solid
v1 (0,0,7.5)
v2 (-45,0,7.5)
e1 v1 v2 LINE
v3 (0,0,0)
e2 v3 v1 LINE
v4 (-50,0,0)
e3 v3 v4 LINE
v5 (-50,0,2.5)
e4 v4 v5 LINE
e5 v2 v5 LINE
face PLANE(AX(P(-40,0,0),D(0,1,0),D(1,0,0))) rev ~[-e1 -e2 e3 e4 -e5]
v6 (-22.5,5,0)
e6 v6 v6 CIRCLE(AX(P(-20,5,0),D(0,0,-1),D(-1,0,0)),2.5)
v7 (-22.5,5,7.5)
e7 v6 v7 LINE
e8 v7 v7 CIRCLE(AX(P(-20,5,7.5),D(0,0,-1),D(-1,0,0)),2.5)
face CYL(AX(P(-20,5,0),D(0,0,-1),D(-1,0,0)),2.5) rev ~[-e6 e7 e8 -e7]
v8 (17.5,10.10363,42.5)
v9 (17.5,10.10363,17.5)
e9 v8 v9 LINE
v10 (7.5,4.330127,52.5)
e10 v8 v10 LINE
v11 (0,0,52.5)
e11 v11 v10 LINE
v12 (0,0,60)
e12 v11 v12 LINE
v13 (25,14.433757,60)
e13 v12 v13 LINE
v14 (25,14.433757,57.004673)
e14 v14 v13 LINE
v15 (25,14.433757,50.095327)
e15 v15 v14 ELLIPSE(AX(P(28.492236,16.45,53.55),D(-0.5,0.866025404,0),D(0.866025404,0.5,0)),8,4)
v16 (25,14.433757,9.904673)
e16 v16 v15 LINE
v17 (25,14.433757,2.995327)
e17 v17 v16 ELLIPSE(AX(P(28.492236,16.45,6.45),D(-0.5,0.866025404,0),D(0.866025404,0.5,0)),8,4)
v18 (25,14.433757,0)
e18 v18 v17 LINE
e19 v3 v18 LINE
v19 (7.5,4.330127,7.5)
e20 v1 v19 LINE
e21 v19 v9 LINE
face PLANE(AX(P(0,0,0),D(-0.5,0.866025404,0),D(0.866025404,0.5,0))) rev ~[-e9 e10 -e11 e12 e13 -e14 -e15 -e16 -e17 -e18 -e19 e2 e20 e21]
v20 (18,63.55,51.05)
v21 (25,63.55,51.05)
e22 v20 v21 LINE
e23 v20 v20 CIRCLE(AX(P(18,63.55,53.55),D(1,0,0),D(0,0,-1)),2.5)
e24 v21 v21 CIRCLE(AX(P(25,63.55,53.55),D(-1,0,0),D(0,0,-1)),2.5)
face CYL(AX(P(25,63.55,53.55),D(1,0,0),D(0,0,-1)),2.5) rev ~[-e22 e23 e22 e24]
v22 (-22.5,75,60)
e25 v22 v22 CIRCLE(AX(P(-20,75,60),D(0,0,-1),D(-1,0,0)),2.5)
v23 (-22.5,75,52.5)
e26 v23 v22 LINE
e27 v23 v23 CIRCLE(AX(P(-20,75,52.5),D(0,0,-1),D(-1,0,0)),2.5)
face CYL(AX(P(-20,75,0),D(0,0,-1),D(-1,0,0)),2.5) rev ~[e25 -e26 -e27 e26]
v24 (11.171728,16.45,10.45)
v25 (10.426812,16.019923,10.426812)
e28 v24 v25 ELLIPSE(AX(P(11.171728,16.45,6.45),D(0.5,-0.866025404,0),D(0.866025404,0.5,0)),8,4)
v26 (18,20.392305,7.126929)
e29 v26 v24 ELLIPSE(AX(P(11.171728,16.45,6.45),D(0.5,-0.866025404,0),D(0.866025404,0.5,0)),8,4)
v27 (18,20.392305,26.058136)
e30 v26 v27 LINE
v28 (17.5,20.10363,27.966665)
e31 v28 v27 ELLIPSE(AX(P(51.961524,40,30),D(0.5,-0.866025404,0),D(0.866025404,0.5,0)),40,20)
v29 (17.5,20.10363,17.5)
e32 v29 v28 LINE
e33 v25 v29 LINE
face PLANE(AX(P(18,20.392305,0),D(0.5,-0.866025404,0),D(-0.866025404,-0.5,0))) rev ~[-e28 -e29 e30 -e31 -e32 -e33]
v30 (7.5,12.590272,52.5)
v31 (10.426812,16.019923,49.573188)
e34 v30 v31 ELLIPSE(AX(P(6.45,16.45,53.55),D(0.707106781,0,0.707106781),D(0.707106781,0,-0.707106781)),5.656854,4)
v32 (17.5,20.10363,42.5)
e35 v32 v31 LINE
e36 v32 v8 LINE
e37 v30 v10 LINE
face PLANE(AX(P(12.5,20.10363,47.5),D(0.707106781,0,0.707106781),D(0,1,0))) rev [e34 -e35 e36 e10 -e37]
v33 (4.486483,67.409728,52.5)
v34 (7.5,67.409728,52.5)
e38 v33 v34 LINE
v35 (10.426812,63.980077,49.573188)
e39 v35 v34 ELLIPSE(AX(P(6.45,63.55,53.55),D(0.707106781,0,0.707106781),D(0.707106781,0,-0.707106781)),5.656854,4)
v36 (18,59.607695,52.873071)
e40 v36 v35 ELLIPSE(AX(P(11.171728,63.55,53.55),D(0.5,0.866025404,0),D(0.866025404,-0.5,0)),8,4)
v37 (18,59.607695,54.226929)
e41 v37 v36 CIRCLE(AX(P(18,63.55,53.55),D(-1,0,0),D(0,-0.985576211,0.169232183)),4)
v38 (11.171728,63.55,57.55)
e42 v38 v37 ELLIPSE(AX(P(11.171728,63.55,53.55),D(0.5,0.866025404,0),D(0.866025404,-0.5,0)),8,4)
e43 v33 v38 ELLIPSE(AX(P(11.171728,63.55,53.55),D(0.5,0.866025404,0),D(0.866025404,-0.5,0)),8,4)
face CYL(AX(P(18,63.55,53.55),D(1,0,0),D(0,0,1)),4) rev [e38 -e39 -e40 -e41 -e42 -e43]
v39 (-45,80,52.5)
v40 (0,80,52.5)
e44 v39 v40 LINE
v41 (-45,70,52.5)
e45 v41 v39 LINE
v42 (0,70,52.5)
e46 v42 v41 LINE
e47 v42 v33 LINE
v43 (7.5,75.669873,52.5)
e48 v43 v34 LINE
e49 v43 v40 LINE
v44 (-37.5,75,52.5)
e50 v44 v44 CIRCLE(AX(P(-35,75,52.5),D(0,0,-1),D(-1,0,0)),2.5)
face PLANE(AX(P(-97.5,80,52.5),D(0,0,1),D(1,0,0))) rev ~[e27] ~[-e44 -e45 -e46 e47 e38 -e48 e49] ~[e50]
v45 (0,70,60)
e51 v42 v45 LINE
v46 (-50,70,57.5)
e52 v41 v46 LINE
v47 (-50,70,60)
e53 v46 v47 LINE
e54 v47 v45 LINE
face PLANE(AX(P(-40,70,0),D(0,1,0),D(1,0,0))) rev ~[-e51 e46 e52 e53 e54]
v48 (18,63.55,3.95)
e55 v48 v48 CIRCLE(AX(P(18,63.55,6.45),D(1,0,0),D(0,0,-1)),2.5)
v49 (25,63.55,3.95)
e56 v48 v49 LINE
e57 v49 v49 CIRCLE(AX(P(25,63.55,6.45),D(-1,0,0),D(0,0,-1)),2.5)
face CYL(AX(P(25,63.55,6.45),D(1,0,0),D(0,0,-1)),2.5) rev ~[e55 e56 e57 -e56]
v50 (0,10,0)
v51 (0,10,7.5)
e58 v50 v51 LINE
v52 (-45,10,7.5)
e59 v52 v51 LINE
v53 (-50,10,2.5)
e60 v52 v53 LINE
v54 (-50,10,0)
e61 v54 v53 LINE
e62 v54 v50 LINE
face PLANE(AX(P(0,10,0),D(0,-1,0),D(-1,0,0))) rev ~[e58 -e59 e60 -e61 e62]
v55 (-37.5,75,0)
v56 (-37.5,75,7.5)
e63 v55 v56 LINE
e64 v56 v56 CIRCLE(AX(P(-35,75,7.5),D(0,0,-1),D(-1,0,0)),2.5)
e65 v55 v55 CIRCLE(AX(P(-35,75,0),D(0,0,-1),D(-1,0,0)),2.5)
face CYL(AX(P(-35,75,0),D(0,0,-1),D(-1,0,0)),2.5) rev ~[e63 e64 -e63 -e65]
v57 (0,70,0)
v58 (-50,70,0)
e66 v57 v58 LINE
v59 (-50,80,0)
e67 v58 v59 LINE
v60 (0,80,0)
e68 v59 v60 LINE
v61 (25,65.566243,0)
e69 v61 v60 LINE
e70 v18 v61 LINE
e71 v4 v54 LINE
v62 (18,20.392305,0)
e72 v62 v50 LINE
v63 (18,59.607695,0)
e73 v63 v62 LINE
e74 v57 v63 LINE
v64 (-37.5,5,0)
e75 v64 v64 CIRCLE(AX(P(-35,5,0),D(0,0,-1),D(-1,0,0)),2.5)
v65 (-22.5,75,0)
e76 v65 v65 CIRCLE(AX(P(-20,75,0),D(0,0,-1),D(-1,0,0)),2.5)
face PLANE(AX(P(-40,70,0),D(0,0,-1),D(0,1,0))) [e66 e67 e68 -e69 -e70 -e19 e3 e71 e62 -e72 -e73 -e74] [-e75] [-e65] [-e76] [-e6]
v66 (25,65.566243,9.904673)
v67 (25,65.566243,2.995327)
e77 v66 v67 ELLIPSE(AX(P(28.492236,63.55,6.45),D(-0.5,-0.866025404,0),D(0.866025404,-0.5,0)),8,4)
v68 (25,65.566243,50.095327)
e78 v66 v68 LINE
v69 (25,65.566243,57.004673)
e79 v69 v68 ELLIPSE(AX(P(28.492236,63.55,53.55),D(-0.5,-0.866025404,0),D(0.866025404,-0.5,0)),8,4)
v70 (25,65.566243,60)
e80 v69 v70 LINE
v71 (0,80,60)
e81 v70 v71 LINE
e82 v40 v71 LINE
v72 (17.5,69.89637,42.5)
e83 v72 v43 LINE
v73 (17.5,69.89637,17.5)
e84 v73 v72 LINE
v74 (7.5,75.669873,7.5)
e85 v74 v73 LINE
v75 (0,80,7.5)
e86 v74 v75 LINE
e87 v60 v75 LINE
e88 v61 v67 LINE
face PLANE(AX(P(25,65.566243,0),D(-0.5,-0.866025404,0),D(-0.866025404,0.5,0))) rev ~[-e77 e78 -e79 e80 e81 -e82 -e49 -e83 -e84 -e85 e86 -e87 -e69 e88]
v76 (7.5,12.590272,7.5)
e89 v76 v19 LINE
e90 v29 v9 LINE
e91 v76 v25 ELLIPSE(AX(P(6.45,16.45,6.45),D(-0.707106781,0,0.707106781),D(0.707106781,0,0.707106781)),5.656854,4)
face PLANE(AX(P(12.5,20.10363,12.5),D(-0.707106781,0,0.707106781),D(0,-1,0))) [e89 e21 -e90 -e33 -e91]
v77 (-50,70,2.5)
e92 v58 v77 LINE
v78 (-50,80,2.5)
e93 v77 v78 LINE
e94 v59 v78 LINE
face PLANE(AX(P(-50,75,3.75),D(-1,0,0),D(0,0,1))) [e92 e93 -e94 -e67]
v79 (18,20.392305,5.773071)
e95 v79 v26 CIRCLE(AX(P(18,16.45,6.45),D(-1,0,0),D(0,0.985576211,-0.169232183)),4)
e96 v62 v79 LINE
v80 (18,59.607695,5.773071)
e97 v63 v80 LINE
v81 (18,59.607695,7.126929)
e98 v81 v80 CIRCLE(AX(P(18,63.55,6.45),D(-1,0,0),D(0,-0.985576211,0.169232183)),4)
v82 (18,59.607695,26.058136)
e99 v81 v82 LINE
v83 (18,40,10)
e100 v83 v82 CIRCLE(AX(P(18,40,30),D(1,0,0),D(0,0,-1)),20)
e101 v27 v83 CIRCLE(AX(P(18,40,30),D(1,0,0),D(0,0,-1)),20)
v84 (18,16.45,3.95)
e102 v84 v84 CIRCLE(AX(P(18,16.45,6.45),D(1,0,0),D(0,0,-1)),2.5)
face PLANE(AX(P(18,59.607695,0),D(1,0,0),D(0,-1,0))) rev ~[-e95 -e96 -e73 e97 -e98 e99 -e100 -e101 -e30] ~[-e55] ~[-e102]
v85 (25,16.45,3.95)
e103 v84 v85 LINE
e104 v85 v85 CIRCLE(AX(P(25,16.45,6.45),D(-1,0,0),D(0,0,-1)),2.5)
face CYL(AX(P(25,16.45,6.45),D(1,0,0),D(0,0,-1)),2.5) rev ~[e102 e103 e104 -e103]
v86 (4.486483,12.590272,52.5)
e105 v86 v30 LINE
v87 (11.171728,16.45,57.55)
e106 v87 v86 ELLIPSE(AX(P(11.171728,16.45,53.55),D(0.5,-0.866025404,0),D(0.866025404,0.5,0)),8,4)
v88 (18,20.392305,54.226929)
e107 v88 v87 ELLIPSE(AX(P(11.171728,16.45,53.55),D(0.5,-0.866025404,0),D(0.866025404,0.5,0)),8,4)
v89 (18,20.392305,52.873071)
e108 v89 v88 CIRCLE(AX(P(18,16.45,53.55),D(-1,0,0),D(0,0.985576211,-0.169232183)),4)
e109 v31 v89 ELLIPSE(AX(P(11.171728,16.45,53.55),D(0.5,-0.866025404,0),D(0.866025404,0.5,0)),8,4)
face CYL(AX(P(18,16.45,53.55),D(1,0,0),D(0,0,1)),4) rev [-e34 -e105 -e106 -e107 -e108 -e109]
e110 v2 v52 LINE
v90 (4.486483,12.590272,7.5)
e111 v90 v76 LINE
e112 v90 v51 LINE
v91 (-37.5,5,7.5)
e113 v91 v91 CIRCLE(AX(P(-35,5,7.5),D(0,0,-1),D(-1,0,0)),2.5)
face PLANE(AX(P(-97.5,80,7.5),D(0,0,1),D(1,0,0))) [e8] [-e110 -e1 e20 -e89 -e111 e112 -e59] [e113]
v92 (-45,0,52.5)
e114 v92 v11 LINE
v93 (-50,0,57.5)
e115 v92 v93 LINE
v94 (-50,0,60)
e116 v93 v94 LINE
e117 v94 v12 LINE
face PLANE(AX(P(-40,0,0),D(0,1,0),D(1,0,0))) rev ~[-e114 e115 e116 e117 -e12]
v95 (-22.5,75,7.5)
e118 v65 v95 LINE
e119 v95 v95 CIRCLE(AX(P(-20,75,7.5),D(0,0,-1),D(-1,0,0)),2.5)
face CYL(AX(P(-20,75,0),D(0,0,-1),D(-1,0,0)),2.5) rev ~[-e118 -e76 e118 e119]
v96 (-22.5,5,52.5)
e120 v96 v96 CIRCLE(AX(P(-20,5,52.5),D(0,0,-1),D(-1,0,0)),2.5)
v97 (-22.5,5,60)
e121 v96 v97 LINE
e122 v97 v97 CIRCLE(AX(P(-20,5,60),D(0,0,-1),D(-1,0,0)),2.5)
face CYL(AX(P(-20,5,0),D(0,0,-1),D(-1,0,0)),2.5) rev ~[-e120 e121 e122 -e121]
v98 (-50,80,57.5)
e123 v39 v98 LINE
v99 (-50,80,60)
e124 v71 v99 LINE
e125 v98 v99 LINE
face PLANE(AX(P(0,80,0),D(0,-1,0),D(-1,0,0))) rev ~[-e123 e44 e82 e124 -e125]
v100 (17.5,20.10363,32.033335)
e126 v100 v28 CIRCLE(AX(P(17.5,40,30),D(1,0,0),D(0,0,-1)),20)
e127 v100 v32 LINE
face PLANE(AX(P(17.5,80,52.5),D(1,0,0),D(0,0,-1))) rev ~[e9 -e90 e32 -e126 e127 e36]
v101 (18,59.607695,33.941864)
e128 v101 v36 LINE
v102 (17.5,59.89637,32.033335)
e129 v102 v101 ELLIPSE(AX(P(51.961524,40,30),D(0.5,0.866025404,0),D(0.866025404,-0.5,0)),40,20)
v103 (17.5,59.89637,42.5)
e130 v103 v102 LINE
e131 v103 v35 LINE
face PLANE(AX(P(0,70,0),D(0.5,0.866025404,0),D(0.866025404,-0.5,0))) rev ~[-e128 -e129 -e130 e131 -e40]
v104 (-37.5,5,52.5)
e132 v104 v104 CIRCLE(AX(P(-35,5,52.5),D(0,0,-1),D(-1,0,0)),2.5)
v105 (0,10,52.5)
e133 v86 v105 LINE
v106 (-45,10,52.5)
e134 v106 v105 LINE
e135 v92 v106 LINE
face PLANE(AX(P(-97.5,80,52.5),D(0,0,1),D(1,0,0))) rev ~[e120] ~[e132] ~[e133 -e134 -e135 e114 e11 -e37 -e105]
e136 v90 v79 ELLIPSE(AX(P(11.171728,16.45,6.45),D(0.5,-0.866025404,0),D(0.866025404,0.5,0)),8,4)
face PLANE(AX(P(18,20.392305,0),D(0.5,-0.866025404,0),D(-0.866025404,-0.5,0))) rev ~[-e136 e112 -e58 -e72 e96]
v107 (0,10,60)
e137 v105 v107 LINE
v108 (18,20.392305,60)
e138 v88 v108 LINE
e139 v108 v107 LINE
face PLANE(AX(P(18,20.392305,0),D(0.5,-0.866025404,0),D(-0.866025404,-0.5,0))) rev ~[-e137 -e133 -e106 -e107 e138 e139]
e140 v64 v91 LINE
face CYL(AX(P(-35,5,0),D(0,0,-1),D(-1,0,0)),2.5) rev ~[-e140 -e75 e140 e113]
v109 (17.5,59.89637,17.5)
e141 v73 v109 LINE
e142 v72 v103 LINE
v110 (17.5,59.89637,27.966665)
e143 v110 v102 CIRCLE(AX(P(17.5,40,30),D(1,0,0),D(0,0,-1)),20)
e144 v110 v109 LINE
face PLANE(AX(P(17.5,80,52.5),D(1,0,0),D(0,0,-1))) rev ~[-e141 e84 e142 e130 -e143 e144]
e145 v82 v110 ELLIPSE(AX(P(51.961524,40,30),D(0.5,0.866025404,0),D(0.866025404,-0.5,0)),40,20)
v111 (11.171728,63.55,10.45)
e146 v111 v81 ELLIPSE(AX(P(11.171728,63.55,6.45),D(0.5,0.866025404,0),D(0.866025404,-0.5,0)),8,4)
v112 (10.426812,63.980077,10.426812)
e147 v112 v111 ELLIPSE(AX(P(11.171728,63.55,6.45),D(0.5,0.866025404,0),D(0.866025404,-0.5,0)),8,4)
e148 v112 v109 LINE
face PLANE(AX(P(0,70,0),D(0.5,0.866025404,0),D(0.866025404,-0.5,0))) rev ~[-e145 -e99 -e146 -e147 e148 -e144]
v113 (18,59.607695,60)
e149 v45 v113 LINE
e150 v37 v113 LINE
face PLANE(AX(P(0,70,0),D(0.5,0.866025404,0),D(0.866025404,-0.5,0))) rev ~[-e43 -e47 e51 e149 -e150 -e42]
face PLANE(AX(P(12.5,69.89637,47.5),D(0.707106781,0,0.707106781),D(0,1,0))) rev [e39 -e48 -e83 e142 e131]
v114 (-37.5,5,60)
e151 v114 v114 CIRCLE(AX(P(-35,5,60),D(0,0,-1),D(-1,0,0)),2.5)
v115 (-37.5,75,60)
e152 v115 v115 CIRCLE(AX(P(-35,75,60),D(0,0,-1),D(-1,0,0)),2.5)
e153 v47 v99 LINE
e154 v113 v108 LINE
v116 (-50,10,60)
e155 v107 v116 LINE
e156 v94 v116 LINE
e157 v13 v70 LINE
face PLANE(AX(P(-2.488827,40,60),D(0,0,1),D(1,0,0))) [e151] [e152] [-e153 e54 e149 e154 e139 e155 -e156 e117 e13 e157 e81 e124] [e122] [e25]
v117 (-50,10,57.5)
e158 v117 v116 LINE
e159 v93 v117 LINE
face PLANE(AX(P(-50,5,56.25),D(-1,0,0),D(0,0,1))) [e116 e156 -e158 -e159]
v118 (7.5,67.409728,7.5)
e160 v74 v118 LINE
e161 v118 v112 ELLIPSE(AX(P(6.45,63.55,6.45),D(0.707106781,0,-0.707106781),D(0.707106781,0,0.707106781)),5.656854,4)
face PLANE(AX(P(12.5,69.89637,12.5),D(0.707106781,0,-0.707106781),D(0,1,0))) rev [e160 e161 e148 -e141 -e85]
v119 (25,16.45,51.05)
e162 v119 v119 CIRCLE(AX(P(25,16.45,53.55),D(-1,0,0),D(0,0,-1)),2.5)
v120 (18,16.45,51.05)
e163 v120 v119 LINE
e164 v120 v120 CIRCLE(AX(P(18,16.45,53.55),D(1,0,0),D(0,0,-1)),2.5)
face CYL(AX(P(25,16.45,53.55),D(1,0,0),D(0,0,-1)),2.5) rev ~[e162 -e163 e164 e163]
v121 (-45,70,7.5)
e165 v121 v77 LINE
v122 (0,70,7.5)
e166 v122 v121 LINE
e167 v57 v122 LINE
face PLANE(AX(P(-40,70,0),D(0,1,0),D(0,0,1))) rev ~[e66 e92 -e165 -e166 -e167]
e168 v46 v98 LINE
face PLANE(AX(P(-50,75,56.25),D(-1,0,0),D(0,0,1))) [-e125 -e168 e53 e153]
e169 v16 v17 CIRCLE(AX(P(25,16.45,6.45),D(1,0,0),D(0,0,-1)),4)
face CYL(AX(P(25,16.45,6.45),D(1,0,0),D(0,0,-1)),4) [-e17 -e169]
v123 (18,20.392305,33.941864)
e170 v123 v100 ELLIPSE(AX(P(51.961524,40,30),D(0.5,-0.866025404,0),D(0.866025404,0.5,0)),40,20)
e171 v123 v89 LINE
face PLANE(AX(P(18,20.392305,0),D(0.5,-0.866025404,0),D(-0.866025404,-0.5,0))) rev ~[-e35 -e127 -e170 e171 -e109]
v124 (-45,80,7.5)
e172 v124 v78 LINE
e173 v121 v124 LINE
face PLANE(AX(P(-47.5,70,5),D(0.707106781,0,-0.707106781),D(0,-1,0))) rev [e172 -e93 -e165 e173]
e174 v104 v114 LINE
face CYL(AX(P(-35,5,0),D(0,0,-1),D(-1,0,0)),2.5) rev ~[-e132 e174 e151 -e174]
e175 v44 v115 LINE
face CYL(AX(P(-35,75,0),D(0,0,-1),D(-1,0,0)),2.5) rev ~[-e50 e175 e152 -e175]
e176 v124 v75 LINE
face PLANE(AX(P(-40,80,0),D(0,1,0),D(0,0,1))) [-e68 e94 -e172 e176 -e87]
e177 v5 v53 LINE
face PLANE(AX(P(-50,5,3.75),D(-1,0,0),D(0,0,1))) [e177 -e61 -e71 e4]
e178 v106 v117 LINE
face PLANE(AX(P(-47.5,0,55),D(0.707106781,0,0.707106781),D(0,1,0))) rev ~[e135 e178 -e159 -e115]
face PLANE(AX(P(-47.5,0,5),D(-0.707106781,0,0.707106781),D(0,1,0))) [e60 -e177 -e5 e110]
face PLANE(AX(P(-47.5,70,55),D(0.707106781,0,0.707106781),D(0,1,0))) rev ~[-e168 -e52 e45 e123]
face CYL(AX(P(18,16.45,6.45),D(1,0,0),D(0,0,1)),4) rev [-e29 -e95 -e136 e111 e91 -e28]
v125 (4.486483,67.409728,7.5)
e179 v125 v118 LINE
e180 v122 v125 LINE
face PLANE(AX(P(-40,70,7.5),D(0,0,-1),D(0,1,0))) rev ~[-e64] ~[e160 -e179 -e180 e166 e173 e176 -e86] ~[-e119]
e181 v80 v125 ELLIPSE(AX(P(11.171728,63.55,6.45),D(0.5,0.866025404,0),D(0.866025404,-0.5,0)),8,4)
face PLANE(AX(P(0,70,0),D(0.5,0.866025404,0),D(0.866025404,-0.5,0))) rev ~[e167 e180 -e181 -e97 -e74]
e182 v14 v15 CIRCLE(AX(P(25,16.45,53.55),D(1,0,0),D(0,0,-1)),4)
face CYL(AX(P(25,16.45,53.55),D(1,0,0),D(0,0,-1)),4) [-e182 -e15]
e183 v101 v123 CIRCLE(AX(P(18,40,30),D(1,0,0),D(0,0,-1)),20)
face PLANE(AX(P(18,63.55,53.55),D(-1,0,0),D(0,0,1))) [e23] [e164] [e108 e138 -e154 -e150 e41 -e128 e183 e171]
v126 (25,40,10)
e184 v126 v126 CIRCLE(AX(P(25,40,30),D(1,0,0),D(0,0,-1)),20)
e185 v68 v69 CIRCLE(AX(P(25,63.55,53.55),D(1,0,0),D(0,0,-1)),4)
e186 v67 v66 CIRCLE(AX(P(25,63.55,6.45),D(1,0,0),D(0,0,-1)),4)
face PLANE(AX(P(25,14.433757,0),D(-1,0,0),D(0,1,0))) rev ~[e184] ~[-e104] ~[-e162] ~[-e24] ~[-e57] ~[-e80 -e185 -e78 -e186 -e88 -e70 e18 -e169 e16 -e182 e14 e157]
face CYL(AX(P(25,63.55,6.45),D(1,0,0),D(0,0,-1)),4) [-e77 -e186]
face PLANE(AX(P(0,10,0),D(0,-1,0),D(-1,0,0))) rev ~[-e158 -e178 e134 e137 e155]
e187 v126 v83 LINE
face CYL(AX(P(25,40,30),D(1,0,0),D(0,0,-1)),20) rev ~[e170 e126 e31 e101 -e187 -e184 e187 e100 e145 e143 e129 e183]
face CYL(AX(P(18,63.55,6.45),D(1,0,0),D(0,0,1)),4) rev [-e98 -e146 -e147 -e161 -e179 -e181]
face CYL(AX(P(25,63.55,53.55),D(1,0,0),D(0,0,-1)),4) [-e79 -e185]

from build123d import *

# Parameters (mm, degrees)
BOSS_EXTRUDE1_DEPTH = 60
SKETCH2_W           = 115
SKETCH2_H           = 45
CUT_EXTRUDE1_DEPTH  = 81
SKETCH3_W           = 7.5
SKETCH3_H           = 10
BOSS_EXTRUDE2_DEPTH = 10
CHAMFER1_SIZE       = 5
SKETCH4_R           = 2.5
CUT_EXTRUDE2_DEPTH  = 61
CHAMFER2_SIZE       = 10
SKETCH5_R           = 20
CUT_EXTRUDE3_DEPTH  = 76
SKETCH6_R           = 2.5
CUT_EXTRUDE4_DEPTH  = 76
SKETCH7_R           = 4
SKETCH7_R_2         = 2.5
BOSS_EXTRUDE3_DEPTH = 5
SKETCH8_R           = 4
CUT_EXTRUDE5_DEPTH  = 69


with BuildPart() as part:
    # Sketch1 → Boss-Extrude1 (new body)
    with BuildSketch(Plane.XY):
        Polygon((0, 0), (25, 14.43375673), (25, 65.56624327), (0, 80), (-40, 80), (-40, 70), (0, 70), (18, 59.607695155), (18, 20.392304845), (0, 10), (-40, 10), (-40, 0), align=None)
    extrude(amount=BOSS_EXTRUDE1_DEPTH)

    # Sketch2 → Cut-Extrude1 (cut, through all)
    with BuildSketch(Plane(origin=(0, 80, 0), x_dir=(1, 0, 0), z_dir=(0, 1, 0))):
        with Locations((-40, -30)):
            Rectangle(SKETCH2_W, SKETCH2_H)
    extrude(amount=-CUT_EXTRUDE1_DEPTH, mode=Mode.SUBTRACT)

    # Sketch3 → Boss-Extrude2 (add)
    with BuildSketch(Plane.ZY.offset(40)):
        with Locations((3.75, 75)):
            Rectangle(SKETCH3_W, SKETCH3_H)
        with Locations((56.25, 75)):
            Rectangle(SKETCH3_W, SKETCH3_H)
        with Locations((56.25, 5)):
            Rectangle(SKETCH3_W, SKETCH3_H)
        with Locations((3.75, 5)):
            Rectangle(SKETCH3_W, SKETCH3_H)
    extrude(amount=BOSS_EXTRUDE2_DEPTH)

    # Chamfer1
    chamfer1_edges = [part.edges().sort_by_distance(p)[0] for p in [
        (-50, 5, 52.5),
        (-50, 5, 7.5),
        (-50, 75, 7.5),
        (-50, 75, 52.5),
    ]]
    chamfer(chamfer1_edges, length=CHAMFER1_SIZE)

    # Sketch4 → Cut-Extrude2 (cut, through all)
    with BuildSketch(Plane(origin=(0, 0, 0), x_dir=(-1, 0, 0), z_dir=(0, 0, -1))):
        with Locations((20, 75)):
            Circle(SKETCH4_R)
        with Locations((35, 75)):
            Circle(SKETCH4_R)
        with Locations((35, 5)):
            Circle(SKETCH4_R)
        with Locations((20, 5)):
            Circle(SKETCH4_R)
    extrude(amount=-CUT_EXTRUDE2_DEPTH, mode=Mode.SUBTRACT)

    # Chamfer2
    chamfer2_edges = [part.edges().sort_by_distance(p)[0] for p in [
        (17.5, 15.103629711, 7.5),
        (17.5, 64.896370289, 7.5),
        (17.5, 15.103629711, 52.5),
        (17.5, 64.896370289, 52.5),
    ]]
    chamfer(chamfer2_edges, length=CHAMFER2_SIZE)

    # Sketch5 → Cut-Extrude3 (cut, through all)
    with BuildSketch(Plane(origin=(25, 0, 0), x_dir=(0, 0, -1), z_dir=(1, 0, 0))):
        with Locations((-30, 40)):
            Circle(SKETCH5_R)
    extrude(amount=-CUT_EXTRUDE3_DEPTH, mode=Mode.SUBTRACT)

    # Sketch6 → Cut-Extrude4 (cut, through all)
    with BuildSketch(Plane(origin=(25, 0, 0), x_dir=(0, 0, -1), z_dir=(1, 0, 0))):
        with Locations((-53.55, 63.55)):
            Circle(SKETCH6_R)
        with Locations((-6.45, 63.55)):
            Circle(SKETCH6_R)
        with Locations((-6.45, 16.45)):
            Circle(SKETCH6_R)
        with Locations((-53.55, 16.45)):
            Circle(SKETCH6_R)
    extrude(amount=-CUT_EXTRUDE4_DEPTH, mode=Mode.SUBTRACT)

    # Sketch7 → Boss-Extrude3 (add)
    with BuildSketch(Plane(origin=(25, 0, 0), x_dir=(0, 0, -1), z_dir=(1, 0, 0))):
        with Locations((-53.55, 63.55)):
            Circle(SKETCH7_R)
        with Locations((-53.55, 63.55)):
            Circle(SKETCH7_R_2, mode=Mode.SUBTRACT)
        with Locations((-6.45, 63.55)):
            Circle(SKETCH7_R)
        with Locations((-6.45, 63.55)):
            Circle(SKETCH7_R_2, mode=Mode.SUBTRACT)
        with Locations((-6.45, 16.45)):
            Circle(SKETCH7_R)
        with Locations((-6.45, 16.45)):
            Circle(SKETCH7_R_2, mode=Mode.SUBTRACT)
        with Locations((-53.55, 16.45)):
            Circle(SKETCH7_R)
        with Locations((-53.55, 16.45)):
            Circle(SKETCH7_R_2, mode=Mode.SUBTRACT)
    extrude(amount=-BOSS_EXTRUDE3_DEPTH)

    # Sketch8 → Cut-Extrude5 (cut, through all)
    with BuildSketch(Plane.ZY.offset(-18)):
        with Locations((6.45, 63.55)):
            Circle(SKETCH8_R)
        with Locations((53.55, 63.55)):
            Circle(SKETCH8_R)
        with Locations((53.55, 16.45)):
            Circle(SKETCH8_R)
        with Locations((6.45, 16.45)):
            Circle(SKETCH8_R)
    extrude(amount=CUT_EXTRUDE5_DEPTH, mode=Mode.SUBTRACT)


solid = part.part
